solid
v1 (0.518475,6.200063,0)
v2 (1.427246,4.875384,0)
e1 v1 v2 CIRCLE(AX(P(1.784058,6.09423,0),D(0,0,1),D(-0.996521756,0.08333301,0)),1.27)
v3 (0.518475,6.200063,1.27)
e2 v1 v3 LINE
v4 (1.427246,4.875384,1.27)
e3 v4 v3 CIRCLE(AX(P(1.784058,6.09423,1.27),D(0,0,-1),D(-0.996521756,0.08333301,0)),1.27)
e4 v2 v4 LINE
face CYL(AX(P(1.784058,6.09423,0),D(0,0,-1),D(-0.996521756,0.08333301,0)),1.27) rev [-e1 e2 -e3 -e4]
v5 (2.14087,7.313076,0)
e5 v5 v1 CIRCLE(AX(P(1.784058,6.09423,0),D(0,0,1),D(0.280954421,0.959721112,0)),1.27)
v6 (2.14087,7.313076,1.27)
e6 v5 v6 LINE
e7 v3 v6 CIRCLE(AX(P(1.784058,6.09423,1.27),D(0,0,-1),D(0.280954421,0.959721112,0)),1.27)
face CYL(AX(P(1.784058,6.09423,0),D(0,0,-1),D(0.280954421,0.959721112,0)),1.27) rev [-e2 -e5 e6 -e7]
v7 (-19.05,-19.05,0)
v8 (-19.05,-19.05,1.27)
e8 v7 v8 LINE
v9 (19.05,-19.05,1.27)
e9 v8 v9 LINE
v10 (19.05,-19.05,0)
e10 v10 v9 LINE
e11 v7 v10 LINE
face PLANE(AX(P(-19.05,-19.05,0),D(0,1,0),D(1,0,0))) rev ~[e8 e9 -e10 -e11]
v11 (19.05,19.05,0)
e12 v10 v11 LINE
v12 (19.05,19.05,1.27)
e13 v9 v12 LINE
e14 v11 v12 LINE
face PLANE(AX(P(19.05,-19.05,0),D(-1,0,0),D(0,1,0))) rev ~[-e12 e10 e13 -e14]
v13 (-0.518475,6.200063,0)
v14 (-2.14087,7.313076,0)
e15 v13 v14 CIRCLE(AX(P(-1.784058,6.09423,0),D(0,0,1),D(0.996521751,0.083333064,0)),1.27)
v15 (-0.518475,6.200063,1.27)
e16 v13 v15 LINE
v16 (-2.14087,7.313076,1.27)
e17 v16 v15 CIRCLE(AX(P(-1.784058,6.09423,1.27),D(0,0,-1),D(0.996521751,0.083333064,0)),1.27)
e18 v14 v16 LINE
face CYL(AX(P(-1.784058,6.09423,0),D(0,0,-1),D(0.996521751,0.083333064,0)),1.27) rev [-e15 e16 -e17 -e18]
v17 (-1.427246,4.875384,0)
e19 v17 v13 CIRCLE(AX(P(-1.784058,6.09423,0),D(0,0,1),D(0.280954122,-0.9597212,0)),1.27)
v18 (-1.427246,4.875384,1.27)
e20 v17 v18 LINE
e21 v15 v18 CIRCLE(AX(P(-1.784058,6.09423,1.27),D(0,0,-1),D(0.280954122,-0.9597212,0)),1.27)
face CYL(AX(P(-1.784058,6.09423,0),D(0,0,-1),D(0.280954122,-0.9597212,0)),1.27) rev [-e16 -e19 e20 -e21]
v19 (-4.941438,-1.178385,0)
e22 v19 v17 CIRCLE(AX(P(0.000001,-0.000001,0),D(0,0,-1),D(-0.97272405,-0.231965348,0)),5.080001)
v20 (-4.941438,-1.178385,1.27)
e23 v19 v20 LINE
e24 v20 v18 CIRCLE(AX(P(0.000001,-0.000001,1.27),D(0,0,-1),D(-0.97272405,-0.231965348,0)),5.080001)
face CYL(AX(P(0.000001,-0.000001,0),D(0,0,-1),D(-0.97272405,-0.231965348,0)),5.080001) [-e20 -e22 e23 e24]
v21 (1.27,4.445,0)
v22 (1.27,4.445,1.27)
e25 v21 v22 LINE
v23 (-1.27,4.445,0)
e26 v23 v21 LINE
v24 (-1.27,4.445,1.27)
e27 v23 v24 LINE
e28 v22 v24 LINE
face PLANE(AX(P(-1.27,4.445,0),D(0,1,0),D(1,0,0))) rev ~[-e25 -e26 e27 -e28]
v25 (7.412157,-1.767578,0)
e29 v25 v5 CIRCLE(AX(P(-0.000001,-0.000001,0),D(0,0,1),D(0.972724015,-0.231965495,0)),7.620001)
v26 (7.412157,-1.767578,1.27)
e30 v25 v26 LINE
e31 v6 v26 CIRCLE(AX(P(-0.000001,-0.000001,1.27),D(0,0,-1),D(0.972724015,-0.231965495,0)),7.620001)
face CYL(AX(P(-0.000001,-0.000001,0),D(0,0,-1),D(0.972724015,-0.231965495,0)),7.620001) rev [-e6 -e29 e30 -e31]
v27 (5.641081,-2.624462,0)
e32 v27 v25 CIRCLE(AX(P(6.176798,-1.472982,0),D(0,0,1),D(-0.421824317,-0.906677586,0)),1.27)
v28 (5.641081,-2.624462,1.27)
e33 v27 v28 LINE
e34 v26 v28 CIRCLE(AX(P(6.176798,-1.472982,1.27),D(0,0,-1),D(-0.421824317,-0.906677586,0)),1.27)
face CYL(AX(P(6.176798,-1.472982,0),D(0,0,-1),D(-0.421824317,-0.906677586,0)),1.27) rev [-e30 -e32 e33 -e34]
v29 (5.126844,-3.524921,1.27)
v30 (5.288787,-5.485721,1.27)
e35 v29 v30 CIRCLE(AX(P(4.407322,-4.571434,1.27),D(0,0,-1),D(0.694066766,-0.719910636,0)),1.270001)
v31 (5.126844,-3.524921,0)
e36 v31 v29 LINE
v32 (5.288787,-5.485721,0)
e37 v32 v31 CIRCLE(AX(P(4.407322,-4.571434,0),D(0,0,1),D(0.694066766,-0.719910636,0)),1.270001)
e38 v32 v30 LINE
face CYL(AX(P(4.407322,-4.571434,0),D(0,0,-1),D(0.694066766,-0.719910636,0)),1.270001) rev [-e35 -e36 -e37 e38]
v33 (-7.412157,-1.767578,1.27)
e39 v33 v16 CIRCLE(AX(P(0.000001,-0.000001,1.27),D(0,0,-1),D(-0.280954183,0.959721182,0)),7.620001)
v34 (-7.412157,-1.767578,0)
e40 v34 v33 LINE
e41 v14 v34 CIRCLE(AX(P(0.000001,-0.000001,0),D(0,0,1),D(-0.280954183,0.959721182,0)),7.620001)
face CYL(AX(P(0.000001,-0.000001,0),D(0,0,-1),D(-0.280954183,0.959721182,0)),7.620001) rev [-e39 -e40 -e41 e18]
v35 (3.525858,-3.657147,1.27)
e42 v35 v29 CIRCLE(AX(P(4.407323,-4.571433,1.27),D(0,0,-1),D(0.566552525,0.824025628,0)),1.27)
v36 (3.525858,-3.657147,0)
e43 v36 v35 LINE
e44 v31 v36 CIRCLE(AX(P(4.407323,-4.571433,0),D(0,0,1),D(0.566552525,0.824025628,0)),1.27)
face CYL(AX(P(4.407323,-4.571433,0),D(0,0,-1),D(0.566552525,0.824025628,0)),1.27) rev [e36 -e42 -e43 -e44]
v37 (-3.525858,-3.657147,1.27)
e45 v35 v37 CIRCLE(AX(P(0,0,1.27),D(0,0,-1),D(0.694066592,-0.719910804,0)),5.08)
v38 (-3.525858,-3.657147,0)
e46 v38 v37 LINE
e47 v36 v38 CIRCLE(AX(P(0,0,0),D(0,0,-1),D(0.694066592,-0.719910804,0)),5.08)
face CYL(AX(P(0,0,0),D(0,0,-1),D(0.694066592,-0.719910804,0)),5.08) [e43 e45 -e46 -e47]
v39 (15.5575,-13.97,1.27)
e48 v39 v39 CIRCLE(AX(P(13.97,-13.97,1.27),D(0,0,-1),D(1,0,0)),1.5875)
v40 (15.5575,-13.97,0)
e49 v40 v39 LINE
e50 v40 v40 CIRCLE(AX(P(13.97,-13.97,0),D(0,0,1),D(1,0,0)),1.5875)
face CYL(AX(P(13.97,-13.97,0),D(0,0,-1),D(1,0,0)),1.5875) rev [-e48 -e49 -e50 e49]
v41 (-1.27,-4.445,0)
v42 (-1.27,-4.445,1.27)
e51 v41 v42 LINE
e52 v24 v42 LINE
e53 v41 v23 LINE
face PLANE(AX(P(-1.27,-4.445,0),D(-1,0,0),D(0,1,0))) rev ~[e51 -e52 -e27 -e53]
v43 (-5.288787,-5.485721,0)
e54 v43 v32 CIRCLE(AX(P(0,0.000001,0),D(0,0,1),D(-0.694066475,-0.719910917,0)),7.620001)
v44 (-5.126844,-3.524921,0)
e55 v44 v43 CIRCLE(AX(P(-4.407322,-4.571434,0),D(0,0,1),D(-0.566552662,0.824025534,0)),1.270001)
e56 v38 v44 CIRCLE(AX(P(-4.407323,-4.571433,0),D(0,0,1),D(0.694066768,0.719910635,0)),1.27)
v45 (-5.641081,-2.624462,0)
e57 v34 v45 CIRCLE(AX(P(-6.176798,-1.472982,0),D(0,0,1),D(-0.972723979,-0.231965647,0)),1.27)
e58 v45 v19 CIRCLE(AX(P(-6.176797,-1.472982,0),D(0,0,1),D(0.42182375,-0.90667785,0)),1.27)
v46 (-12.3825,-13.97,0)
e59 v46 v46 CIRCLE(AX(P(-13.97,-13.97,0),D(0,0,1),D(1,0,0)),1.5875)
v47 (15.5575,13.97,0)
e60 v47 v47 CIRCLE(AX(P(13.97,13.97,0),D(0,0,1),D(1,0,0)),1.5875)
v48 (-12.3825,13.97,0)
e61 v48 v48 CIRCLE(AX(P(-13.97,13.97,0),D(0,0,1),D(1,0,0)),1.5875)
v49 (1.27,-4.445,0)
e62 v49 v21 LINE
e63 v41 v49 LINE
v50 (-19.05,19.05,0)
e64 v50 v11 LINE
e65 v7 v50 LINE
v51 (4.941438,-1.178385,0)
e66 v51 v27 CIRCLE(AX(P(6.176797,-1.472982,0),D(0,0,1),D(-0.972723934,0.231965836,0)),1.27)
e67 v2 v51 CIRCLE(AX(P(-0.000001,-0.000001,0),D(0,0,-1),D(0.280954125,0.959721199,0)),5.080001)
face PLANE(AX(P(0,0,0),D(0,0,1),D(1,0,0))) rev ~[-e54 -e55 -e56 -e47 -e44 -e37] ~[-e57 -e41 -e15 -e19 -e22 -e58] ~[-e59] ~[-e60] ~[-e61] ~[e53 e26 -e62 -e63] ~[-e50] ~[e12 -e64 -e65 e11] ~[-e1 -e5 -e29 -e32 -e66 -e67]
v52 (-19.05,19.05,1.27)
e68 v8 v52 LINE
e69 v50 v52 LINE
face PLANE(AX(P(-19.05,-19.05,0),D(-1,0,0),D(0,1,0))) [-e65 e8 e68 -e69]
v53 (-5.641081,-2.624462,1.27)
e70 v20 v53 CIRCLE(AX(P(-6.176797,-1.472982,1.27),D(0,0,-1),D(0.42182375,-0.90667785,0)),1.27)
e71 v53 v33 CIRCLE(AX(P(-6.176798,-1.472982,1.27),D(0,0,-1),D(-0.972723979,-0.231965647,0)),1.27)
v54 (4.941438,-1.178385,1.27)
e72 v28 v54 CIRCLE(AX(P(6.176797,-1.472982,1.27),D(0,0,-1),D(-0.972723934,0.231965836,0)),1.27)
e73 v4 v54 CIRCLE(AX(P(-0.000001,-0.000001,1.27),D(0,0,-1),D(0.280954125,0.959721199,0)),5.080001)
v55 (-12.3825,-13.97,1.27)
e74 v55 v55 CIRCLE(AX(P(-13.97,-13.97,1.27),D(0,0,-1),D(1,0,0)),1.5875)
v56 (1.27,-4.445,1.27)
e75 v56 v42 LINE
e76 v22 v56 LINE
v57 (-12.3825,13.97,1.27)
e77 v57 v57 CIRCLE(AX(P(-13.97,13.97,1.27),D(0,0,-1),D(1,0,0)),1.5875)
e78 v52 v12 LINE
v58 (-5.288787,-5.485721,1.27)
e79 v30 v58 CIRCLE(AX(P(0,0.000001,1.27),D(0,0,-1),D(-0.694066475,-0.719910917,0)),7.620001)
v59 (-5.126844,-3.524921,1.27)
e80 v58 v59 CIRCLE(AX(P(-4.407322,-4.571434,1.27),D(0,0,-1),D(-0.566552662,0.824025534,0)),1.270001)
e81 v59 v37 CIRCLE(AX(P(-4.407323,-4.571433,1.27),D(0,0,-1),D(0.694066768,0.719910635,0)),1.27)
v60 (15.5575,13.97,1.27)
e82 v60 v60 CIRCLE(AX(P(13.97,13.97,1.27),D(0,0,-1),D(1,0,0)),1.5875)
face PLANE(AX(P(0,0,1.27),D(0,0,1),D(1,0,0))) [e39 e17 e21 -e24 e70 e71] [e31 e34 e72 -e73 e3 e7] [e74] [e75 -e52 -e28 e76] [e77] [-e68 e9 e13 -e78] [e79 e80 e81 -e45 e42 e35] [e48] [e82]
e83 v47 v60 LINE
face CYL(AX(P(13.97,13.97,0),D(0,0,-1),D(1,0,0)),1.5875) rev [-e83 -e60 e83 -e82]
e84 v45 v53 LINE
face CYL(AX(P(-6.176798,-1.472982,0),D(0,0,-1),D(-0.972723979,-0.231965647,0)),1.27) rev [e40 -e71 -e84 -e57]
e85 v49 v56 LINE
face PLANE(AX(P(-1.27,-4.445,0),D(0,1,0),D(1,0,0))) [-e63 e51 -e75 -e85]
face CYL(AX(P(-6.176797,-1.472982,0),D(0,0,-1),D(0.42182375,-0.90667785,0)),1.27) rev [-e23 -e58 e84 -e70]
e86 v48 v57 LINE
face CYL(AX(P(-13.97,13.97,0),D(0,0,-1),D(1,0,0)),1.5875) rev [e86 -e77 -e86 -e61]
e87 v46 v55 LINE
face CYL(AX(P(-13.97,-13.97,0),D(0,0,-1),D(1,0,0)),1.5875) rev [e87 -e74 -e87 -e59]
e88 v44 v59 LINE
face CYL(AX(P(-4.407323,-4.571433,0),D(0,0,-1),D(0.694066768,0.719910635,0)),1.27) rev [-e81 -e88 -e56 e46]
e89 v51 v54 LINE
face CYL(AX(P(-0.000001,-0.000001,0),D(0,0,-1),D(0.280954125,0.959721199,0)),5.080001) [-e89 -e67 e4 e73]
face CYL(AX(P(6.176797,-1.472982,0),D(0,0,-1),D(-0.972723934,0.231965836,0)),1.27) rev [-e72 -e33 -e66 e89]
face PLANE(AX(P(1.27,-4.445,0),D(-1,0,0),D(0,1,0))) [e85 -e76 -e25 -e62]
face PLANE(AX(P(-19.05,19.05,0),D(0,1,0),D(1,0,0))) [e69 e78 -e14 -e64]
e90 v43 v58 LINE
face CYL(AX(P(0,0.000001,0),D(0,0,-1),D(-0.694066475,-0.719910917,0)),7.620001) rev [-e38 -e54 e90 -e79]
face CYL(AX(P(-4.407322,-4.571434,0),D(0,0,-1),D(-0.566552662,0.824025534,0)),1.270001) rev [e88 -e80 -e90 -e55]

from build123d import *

# Parameters (mm, degrees)
F0_W     = 38.1
F0_H     = 38.1
F1_DEPTH = 1.27
F3_DEPTH = 25.4
F4_R     = 1.5875
F4_W     = 2.54
F4_H     = 8.89
F5_DEPTH = 25.4


with BuildPart() as f1:
    # F0 (on Top) → F1 (new body)
    with BuildSketch(Plane.XY):
        Rectangle(F0_W, F0_H)
    extrude(amount=F1_DEPTH)

    # F2 (on Top) → F3 (cut)
    with BuildSketch(Plane.XY):
        with BuildLine():
            ThreePointArc((-0.518475, 6.200063), (-1.065611, 7.141481), (-2.14087, 7.313076))
            ThreePointArc((-2.14087, 7.313076), (-6.590117, 3.82554), (-7.412157, -1.767578))
            ThreePointArc((-7.412157, -1.767578), (-6.729914, -2.616206), (-5.641081, -2.624462))
            ThreePointArc((-5.641081, -2.624462), (-5.033573, -2.026098), (-4.941438, -1.178385))
            ThreePointArc((-4.941438, -1.178385), (-4.393411, 2.55036), (-1.427246, 4.875384))
            ThreePointArc((-1.427246, 4.875384), (-0.736807, 5.375783), (-0.518475, 6.200063))
        make_face()
        with BuildLine():
            ThreePointArc((5.641081, -2.624462), (6.729914, -2.616206), (7.412157, -1.767578))
            ThreePointArc((7.412157, -1.767578), (6.590117, 3.82554), (2.14087, 7.313076))
            ThreePointArc((2.14087, 7.313076), (1.065611, 7.141481), (0.518475, 6.200063))
            ThreePointArc((0.518475, 6.200063), (0.736807, 5.375783), (1.427246, 4.875384))
            ThreePointArc((1.427246, 4.875384), (4.393411, 2.55036), (4.941438, -1.178385))
            ThreePointArc((4.941438, -1.178385), (5.033573, -2.026098), (5.641081, -2.624462))
        make_face()
        with BuildLine():
            ThreePointArc((-5.126844, -3.524921), (-5.673013, -4.4669), (-5.288787, -5.485721))
            ThreePointArc((-5.288787, -5.485721), (0, -7.62), (5.288787, -5.485721))
            ThreePointArc((5.288787, -5.485721), (5.673013, -4.4669), (5.126844, -3.524921))
            ThreePointArc((5.126844, -3.524921), (4.302789, -3.305743), (3.525858, -3.657147))
            ThreePointArc((3.525858, -3.657147), (0, -5.08), (-3.525858, -3.657147))
            ThreePointArc((-3.525858, -3.657147), (-4.302789, -3.305743), (-5.126844, -3.524921))
        make_face()
    extrude(amount=F3_DEPTH, mode=Mode.SUBTRACT)

    # F4 (on Top) → F5 (cut)
    with BuildSketch(Plane.XY):
        with Locations((13.97, 13.97)):
            Circle(F4_R)
        with Locations((13.97, -13.97)):
            Circle(F4_R)
        with Locations((-13.97, -13.97)):
            Circle(F4_R)
        with Locations((-13.97, 13.97)):
            Circle(F4_R)
        Rectangle(F4_W, F4_H)
    extrude(amount=F5_DEPTH, mode=Mode.SUBTRACT)


solid = f1.part
